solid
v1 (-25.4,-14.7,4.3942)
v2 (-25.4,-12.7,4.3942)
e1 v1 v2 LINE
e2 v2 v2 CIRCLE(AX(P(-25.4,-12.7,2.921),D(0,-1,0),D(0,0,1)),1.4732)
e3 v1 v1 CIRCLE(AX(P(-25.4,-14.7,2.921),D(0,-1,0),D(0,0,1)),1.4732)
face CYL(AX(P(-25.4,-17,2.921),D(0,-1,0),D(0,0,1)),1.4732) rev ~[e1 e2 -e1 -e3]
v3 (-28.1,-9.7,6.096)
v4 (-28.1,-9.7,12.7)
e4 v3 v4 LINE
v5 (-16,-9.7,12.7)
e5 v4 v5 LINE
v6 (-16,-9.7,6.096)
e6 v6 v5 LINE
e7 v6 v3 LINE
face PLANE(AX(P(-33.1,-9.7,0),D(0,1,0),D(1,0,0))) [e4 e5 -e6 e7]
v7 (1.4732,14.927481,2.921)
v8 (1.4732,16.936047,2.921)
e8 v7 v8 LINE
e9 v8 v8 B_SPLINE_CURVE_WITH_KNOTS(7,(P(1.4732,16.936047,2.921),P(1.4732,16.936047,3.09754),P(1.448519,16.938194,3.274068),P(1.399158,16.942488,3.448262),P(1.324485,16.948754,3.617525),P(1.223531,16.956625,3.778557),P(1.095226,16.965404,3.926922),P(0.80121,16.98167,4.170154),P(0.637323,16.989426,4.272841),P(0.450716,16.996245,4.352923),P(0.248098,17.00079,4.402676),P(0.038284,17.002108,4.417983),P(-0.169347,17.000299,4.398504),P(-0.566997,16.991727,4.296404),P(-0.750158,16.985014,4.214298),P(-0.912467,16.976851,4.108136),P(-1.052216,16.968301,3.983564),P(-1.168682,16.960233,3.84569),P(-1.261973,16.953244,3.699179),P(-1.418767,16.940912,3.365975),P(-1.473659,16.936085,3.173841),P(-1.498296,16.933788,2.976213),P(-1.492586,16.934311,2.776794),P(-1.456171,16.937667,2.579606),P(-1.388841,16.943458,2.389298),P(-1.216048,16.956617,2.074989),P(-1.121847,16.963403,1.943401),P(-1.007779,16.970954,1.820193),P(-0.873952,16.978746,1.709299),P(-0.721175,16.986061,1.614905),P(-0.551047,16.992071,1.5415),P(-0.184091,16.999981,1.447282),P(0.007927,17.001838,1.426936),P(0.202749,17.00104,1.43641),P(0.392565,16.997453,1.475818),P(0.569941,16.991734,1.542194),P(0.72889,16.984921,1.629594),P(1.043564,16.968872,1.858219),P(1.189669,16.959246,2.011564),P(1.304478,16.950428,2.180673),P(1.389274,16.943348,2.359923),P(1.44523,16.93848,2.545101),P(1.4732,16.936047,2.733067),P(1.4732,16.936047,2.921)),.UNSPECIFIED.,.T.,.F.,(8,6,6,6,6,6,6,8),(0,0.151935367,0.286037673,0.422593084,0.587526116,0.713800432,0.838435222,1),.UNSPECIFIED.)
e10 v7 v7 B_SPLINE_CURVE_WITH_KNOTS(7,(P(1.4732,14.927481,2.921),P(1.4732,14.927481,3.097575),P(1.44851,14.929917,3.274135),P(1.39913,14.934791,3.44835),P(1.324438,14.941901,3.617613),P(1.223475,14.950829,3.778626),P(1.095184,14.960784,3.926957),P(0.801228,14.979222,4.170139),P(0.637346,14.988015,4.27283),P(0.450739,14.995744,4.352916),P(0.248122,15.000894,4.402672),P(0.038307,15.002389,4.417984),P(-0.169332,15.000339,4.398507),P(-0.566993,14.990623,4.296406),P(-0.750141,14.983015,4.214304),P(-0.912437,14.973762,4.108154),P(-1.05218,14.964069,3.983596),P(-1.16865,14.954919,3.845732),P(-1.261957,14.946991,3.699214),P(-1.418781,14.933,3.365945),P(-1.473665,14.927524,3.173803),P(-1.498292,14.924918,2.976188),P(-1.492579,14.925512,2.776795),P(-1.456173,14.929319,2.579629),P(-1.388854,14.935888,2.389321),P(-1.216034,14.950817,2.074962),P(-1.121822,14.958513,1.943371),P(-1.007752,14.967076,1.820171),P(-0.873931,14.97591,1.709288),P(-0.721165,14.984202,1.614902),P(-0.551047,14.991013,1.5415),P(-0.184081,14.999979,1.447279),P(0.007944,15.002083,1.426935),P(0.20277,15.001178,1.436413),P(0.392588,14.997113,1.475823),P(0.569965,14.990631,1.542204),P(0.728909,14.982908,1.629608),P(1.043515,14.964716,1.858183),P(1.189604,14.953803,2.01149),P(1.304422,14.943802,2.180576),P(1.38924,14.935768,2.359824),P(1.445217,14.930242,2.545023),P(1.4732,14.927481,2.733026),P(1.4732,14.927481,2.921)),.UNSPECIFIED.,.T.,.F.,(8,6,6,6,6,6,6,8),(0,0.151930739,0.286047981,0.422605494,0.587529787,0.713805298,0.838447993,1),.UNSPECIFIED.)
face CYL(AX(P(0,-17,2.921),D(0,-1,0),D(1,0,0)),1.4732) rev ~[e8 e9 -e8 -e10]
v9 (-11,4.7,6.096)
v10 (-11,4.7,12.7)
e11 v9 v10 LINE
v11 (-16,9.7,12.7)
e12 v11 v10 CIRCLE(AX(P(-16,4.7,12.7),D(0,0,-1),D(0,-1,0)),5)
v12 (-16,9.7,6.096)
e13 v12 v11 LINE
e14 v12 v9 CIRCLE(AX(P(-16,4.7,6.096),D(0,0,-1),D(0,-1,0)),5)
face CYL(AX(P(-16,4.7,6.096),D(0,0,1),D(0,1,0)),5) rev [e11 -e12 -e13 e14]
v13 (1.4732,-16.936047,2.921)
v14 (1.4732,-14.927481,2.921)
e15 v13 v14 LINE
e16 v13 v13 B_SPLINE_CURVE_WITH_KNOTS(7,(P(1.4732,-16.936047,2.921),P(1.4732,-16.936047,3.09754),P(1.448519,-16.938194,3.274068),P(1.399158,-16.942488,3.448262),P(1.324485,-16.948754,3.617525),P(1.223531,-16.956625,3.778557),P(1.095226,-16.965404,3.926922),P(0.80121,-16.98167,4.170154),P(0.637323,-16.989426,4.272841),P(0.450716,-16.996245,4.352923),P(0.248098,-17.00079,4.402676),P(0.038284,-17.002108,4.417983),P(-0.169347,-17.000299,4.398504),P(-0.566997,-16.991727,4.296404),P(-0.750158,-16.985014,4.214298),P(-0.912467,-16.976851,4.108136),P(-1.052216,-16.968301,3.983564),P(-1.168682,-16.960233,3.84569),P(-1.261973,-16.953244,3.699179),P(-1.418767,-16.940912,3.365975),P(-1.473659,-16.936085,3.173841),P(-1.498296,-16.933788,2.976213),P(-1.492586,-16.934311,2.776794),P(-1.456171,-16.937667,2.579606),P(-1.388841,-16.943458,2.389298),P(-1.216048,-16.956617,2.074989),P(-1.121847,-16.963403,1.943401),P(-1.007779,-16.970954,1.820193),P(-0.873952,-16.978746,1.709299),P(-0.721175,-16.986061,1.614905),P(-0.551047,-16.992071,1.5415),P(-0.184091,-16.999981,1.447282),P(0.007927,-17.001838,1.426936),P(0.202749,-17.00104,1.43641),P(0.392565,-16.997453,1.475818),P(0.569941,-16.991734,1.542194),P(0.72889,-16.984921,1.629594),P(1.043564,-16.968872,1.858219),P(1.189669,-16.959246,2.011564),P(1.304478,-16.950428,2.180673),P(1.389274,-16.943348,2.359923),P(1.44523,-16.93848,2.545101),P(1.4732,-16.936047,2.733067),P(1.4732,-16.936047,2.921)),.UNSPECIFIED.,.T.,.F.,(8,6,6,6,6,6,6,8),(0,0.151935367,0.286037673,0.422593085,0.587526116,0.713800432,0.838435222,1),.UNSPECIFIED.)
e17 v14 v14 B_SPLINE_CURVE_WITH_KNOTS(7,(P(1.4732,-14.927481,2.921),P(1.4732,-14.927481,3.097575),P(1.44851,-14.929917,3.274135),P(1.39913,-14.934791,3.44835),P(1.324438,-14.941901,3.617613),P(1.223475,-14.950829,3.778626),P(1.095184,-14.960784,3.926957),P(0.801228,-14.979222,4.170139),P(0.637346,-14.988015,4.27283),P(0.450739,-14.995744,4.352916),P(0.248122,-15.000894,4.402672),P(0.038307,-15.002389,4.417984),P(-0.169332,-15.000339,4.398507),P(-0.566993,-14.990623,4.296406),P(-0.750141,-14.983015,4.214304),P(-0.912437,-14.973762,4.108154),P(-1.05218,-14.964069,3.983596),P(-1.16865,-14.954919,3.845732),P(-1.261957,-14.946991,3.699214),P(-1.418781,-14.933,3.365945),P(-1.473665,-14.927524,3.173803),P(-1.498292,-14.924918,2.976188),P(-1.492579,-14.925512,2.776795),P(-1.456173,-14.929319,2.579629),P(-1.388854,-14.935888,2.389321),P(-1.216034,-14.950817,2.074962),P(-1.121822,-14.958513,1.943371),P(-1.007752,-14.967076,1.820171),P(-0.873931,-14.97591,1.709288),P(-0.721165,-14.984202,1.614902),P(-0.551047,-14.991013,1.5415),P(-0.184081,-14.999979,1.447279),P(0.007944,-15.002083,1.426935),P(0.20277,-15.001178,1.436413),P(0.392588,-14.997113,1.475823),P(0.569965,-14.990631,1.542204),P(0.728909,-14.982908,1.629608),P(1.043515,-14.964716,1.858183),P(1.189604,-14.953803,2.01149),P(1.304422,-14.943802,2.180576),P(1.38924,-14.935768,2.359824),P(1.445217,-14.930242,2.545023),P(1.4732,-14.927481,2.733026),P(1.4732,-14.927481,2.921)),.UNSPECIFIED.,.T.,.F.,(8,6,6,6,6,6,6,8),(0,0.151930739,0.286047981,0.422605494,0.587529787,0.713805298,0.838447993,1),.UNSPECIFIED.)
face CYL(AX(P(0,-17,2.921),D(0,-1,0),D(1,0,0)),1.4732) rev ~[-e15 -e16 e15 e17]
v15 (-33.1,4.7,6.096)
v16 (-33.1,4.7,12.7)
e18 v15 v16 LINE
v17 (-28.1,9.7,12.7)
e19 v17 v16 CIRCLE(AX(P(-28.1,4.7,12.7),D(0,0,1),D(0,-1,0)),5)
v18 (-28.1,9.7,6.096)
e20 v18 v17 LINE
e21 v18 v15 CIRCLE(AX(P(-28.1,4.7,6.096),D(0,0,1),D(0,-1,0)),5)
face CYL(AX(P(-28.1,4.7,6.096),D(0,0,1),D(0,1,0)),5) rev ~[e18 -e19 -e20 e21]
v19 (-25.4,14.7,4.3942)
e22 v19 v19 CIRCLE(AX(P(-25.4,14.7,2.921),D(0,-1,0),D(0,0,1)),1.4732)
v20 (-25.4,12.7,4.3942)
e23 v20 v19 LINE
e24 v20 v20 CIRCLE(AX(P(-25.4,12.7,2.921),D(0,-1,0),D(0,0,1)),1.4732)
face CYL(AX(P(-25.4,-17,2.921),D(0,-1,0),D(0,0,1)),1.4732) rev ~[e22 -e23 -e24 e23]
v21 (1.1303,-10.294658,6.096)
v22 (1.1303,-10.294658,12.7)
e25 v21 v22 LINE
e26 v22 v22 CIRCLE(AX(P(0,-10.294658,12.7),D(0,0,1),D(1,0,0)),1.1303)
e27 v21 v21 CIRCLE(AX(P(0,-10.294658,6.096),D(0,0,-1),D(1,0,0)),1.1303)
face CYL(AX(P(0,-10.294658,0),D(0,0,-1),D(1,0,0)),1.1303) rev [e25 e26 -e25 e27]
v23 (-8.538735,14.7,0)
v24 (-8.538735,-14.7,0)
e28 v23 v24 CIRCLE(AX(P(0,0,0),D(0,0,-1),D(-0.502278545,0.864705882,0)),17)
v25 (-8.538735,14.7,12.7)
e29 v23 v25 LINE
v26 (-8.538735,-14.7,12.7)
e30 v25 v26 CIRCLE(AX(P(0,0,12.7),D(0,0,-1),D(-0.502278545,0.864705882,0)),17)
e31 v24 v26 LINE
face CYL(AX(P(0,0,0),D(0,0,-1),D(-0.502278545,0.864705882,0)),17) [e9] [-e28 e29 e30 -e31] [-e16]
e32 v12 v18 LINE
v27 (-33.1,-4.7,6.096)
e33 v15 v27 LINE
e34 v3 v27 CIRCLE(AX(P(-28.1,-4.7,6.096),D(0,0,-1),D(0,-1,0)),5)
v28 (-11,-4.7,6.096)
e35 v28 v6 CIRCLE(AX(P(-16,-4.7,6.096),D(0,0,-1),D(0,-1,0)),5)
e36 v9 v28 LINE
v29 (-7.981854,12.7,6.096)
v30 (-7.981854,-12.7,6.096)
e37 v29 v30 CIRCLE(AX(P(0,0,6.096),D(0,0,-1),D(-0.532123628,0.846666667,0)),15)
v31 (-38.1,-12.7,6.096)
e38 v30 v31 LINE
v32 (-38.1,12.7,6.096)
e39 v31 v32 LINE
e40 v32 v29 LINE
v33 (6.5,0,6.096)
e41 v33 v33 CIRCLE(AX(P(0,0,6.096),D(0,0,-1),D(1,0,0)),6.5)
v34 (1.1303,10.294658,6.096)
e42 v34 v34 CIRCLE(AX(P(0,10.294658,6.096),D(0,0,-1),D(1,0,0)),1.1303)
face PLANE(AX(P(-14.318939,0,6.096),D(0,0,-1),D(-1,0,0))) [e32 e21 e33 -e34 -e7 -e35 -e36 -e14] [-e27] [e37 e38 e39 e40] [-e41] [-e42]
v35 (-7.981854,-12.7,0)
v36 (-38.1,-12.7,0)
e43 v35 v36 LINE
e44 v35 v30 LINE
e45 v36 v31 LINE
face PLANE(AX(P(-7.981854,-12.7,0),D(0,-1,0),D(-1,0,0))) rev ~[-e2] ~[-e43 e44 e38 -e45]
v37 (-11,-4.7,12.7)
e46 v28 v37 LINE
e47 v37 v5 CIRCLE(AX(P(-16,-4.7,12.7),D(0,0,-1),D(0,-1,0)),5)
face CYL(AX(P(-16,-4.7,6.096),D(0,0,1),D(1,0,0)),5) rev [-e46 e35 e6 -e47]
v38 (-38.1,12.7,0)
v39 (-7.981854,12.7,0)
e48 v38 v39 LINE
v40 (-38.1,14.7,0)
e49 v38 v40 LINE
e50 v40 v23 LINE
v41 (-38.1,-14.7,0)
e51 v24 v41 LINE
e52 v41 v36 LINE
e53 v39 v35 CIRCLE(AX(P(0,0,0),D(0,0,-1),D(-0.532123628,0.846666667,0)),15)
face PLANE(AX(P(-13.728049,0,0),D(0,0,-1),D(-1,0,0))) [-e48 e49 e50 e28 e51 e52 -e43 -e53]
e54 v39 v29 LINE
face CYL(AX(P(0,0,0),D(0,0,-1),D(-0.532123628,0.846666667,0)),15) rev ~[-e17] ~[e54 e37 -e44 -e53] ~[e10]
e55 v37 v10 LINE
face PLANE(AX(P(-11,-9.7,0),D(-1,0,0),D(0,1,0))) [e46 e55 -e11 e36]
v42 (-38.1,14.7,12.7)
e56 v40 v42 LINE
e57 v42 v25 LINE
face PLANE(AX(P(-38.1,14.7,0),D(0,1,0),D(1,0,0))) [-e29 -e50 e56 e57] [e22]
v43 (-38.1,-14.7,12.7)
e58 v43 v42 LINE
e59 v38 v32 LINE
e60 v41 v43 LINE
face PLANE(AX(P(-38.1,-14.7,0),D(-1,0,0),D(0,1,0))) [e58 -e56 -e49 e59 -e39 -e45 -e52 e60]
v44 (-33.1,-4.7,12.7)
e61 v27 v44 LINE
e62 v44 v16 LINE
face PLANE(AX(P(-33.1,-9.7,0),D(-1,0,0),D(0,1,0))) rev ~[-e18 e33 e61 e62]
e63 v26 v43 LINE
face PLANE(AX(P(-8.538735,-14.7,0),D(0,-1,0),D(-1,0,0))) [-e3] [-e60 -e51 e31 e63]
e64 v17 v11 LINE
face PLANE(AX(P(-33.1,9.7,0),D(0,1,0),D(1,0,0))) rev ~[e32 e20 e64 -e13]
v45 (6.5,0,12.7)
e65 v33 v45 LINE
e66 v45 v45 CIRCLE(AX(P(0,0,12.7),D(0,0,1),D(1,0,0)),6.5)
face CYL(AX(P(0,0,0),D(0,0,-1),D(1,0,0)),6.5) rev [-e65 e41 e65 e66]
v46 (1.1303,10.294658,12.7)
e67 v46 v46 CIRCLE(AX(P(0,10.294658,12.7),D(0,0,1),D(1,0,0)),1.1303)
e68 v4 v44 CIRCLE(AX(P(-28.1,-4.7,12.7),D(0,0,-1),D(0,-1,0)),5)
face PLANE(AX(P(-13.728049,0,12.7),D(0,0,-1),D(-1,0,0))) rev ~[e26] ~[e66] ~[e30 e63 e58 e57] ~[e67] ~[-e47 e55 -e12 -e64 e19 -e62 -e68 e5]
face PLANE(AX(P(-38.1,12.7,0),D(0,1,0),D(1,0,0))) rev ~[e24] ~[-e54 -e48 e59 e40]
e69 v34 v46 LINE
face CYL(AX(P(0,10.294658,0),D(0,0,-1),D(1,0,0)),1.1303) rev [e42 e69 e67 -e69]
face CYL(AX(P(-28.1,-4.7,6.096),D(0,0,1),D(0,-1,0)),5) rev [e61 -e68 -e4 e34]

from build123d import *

# Parameters (mm, degrees)
SKETCH2_R           = 6.5
SKETCH2_R_2         = 1.1303
SKETCH2_W           = 22.1
SKETCH2_H           = 19.4
BOSS_EXTRUDE1_DEPTH = 12.7
CUT_EXTRUDE1_DEPTH  = 6.096
FILLET1_R           = 5
SKETCH6_R           = 1.4732
CUT_EXTRUDE4_DEPTH  = 53.620338273


with BuildPart() as part:
    # Sketch2 → Boss-Extrude1 (new body)
    with BuildSketch(Plane.XY):
        with BuildLine():
            Line((-38.1, -14.7), (-38.1, 14.7))
            Line((-38.1, 14.7), (-8.538735269, 14.7))
            ThreePointArc((-8.538735269, 14.7), (17, 0), (-8.538735269, -14.7))
            Line((-8.538735269, -14.7), (-38.1, -14.7))
        make_face()
        Circle(SKETCH2_R, mode=Mode.SUBTRACT)
        with Locations((0, -10.294657794)):
            Circle(SKETCH2_R_2, mode=Mode.SUBTRACT)
        with Locations((0, 10.294657794)):
            Circle(SKETCH2_R_2, mode=Mode.SUBTRACT)
        with Locations((-22.05, 0)):
            Rectangle(SKETCH2_W, SKETCH2_H, mode=Mode.SUBTRACT)
    extrude(amount=BOSS_EXTRUDE1_DEPTH)

    # Sketch1 → Cut-Extrude1 (cut)
    with BuildSketch(Plane.XY):
        with BuildLine():
            Line((-38.1, -12.7), (-38.1, 12.7))
            Line((-38.1, 12.7), (-7.981854421, 12.7))
            ThreePointArc((-7.981854421, 12.7), (15, 0), (-7.981854421, -12.7))
            Line((-7.981854421, -12.7), (-38.1, -12.7))
        make_face()
    extrude(amount=CUT_EXTRUDE1_DEPTH, mode=Mode.SUBTRACT)

    # Fillet1
    fillet1_edges = [part.edges().sort_by_distance(p)[0] for p in [
        (-33.1, 9.7, 9.398),
        (-33.1, -9.7, 9.398),
        (-11, -9.7, 9.398),
        (-11, 9.7, 9.398),
    ]]
    fillet(fillet1_edges, radius=FILLET1_R)

    # Sketch6 → Cut-Extrude4 (cut, through all)
    with BuildSketch(Plane(origin=(0, -17, 0), x_dir=(-1, 0, 0), z_dir=(0, -1, 0))):
        with Locations(Location((0, -2.921, 0), (0, 0, 180))):
            Circle(SKETCH6_R)
        with Locations(Location((25.4, -2.921, 0), (0, 0, 270))):
            Circle(SKETCH6_R)
    extrude(amount=-CUT_EXTRUDE4_DEPTH, mode=Mode.SUBTRACT)


solid = part.part
